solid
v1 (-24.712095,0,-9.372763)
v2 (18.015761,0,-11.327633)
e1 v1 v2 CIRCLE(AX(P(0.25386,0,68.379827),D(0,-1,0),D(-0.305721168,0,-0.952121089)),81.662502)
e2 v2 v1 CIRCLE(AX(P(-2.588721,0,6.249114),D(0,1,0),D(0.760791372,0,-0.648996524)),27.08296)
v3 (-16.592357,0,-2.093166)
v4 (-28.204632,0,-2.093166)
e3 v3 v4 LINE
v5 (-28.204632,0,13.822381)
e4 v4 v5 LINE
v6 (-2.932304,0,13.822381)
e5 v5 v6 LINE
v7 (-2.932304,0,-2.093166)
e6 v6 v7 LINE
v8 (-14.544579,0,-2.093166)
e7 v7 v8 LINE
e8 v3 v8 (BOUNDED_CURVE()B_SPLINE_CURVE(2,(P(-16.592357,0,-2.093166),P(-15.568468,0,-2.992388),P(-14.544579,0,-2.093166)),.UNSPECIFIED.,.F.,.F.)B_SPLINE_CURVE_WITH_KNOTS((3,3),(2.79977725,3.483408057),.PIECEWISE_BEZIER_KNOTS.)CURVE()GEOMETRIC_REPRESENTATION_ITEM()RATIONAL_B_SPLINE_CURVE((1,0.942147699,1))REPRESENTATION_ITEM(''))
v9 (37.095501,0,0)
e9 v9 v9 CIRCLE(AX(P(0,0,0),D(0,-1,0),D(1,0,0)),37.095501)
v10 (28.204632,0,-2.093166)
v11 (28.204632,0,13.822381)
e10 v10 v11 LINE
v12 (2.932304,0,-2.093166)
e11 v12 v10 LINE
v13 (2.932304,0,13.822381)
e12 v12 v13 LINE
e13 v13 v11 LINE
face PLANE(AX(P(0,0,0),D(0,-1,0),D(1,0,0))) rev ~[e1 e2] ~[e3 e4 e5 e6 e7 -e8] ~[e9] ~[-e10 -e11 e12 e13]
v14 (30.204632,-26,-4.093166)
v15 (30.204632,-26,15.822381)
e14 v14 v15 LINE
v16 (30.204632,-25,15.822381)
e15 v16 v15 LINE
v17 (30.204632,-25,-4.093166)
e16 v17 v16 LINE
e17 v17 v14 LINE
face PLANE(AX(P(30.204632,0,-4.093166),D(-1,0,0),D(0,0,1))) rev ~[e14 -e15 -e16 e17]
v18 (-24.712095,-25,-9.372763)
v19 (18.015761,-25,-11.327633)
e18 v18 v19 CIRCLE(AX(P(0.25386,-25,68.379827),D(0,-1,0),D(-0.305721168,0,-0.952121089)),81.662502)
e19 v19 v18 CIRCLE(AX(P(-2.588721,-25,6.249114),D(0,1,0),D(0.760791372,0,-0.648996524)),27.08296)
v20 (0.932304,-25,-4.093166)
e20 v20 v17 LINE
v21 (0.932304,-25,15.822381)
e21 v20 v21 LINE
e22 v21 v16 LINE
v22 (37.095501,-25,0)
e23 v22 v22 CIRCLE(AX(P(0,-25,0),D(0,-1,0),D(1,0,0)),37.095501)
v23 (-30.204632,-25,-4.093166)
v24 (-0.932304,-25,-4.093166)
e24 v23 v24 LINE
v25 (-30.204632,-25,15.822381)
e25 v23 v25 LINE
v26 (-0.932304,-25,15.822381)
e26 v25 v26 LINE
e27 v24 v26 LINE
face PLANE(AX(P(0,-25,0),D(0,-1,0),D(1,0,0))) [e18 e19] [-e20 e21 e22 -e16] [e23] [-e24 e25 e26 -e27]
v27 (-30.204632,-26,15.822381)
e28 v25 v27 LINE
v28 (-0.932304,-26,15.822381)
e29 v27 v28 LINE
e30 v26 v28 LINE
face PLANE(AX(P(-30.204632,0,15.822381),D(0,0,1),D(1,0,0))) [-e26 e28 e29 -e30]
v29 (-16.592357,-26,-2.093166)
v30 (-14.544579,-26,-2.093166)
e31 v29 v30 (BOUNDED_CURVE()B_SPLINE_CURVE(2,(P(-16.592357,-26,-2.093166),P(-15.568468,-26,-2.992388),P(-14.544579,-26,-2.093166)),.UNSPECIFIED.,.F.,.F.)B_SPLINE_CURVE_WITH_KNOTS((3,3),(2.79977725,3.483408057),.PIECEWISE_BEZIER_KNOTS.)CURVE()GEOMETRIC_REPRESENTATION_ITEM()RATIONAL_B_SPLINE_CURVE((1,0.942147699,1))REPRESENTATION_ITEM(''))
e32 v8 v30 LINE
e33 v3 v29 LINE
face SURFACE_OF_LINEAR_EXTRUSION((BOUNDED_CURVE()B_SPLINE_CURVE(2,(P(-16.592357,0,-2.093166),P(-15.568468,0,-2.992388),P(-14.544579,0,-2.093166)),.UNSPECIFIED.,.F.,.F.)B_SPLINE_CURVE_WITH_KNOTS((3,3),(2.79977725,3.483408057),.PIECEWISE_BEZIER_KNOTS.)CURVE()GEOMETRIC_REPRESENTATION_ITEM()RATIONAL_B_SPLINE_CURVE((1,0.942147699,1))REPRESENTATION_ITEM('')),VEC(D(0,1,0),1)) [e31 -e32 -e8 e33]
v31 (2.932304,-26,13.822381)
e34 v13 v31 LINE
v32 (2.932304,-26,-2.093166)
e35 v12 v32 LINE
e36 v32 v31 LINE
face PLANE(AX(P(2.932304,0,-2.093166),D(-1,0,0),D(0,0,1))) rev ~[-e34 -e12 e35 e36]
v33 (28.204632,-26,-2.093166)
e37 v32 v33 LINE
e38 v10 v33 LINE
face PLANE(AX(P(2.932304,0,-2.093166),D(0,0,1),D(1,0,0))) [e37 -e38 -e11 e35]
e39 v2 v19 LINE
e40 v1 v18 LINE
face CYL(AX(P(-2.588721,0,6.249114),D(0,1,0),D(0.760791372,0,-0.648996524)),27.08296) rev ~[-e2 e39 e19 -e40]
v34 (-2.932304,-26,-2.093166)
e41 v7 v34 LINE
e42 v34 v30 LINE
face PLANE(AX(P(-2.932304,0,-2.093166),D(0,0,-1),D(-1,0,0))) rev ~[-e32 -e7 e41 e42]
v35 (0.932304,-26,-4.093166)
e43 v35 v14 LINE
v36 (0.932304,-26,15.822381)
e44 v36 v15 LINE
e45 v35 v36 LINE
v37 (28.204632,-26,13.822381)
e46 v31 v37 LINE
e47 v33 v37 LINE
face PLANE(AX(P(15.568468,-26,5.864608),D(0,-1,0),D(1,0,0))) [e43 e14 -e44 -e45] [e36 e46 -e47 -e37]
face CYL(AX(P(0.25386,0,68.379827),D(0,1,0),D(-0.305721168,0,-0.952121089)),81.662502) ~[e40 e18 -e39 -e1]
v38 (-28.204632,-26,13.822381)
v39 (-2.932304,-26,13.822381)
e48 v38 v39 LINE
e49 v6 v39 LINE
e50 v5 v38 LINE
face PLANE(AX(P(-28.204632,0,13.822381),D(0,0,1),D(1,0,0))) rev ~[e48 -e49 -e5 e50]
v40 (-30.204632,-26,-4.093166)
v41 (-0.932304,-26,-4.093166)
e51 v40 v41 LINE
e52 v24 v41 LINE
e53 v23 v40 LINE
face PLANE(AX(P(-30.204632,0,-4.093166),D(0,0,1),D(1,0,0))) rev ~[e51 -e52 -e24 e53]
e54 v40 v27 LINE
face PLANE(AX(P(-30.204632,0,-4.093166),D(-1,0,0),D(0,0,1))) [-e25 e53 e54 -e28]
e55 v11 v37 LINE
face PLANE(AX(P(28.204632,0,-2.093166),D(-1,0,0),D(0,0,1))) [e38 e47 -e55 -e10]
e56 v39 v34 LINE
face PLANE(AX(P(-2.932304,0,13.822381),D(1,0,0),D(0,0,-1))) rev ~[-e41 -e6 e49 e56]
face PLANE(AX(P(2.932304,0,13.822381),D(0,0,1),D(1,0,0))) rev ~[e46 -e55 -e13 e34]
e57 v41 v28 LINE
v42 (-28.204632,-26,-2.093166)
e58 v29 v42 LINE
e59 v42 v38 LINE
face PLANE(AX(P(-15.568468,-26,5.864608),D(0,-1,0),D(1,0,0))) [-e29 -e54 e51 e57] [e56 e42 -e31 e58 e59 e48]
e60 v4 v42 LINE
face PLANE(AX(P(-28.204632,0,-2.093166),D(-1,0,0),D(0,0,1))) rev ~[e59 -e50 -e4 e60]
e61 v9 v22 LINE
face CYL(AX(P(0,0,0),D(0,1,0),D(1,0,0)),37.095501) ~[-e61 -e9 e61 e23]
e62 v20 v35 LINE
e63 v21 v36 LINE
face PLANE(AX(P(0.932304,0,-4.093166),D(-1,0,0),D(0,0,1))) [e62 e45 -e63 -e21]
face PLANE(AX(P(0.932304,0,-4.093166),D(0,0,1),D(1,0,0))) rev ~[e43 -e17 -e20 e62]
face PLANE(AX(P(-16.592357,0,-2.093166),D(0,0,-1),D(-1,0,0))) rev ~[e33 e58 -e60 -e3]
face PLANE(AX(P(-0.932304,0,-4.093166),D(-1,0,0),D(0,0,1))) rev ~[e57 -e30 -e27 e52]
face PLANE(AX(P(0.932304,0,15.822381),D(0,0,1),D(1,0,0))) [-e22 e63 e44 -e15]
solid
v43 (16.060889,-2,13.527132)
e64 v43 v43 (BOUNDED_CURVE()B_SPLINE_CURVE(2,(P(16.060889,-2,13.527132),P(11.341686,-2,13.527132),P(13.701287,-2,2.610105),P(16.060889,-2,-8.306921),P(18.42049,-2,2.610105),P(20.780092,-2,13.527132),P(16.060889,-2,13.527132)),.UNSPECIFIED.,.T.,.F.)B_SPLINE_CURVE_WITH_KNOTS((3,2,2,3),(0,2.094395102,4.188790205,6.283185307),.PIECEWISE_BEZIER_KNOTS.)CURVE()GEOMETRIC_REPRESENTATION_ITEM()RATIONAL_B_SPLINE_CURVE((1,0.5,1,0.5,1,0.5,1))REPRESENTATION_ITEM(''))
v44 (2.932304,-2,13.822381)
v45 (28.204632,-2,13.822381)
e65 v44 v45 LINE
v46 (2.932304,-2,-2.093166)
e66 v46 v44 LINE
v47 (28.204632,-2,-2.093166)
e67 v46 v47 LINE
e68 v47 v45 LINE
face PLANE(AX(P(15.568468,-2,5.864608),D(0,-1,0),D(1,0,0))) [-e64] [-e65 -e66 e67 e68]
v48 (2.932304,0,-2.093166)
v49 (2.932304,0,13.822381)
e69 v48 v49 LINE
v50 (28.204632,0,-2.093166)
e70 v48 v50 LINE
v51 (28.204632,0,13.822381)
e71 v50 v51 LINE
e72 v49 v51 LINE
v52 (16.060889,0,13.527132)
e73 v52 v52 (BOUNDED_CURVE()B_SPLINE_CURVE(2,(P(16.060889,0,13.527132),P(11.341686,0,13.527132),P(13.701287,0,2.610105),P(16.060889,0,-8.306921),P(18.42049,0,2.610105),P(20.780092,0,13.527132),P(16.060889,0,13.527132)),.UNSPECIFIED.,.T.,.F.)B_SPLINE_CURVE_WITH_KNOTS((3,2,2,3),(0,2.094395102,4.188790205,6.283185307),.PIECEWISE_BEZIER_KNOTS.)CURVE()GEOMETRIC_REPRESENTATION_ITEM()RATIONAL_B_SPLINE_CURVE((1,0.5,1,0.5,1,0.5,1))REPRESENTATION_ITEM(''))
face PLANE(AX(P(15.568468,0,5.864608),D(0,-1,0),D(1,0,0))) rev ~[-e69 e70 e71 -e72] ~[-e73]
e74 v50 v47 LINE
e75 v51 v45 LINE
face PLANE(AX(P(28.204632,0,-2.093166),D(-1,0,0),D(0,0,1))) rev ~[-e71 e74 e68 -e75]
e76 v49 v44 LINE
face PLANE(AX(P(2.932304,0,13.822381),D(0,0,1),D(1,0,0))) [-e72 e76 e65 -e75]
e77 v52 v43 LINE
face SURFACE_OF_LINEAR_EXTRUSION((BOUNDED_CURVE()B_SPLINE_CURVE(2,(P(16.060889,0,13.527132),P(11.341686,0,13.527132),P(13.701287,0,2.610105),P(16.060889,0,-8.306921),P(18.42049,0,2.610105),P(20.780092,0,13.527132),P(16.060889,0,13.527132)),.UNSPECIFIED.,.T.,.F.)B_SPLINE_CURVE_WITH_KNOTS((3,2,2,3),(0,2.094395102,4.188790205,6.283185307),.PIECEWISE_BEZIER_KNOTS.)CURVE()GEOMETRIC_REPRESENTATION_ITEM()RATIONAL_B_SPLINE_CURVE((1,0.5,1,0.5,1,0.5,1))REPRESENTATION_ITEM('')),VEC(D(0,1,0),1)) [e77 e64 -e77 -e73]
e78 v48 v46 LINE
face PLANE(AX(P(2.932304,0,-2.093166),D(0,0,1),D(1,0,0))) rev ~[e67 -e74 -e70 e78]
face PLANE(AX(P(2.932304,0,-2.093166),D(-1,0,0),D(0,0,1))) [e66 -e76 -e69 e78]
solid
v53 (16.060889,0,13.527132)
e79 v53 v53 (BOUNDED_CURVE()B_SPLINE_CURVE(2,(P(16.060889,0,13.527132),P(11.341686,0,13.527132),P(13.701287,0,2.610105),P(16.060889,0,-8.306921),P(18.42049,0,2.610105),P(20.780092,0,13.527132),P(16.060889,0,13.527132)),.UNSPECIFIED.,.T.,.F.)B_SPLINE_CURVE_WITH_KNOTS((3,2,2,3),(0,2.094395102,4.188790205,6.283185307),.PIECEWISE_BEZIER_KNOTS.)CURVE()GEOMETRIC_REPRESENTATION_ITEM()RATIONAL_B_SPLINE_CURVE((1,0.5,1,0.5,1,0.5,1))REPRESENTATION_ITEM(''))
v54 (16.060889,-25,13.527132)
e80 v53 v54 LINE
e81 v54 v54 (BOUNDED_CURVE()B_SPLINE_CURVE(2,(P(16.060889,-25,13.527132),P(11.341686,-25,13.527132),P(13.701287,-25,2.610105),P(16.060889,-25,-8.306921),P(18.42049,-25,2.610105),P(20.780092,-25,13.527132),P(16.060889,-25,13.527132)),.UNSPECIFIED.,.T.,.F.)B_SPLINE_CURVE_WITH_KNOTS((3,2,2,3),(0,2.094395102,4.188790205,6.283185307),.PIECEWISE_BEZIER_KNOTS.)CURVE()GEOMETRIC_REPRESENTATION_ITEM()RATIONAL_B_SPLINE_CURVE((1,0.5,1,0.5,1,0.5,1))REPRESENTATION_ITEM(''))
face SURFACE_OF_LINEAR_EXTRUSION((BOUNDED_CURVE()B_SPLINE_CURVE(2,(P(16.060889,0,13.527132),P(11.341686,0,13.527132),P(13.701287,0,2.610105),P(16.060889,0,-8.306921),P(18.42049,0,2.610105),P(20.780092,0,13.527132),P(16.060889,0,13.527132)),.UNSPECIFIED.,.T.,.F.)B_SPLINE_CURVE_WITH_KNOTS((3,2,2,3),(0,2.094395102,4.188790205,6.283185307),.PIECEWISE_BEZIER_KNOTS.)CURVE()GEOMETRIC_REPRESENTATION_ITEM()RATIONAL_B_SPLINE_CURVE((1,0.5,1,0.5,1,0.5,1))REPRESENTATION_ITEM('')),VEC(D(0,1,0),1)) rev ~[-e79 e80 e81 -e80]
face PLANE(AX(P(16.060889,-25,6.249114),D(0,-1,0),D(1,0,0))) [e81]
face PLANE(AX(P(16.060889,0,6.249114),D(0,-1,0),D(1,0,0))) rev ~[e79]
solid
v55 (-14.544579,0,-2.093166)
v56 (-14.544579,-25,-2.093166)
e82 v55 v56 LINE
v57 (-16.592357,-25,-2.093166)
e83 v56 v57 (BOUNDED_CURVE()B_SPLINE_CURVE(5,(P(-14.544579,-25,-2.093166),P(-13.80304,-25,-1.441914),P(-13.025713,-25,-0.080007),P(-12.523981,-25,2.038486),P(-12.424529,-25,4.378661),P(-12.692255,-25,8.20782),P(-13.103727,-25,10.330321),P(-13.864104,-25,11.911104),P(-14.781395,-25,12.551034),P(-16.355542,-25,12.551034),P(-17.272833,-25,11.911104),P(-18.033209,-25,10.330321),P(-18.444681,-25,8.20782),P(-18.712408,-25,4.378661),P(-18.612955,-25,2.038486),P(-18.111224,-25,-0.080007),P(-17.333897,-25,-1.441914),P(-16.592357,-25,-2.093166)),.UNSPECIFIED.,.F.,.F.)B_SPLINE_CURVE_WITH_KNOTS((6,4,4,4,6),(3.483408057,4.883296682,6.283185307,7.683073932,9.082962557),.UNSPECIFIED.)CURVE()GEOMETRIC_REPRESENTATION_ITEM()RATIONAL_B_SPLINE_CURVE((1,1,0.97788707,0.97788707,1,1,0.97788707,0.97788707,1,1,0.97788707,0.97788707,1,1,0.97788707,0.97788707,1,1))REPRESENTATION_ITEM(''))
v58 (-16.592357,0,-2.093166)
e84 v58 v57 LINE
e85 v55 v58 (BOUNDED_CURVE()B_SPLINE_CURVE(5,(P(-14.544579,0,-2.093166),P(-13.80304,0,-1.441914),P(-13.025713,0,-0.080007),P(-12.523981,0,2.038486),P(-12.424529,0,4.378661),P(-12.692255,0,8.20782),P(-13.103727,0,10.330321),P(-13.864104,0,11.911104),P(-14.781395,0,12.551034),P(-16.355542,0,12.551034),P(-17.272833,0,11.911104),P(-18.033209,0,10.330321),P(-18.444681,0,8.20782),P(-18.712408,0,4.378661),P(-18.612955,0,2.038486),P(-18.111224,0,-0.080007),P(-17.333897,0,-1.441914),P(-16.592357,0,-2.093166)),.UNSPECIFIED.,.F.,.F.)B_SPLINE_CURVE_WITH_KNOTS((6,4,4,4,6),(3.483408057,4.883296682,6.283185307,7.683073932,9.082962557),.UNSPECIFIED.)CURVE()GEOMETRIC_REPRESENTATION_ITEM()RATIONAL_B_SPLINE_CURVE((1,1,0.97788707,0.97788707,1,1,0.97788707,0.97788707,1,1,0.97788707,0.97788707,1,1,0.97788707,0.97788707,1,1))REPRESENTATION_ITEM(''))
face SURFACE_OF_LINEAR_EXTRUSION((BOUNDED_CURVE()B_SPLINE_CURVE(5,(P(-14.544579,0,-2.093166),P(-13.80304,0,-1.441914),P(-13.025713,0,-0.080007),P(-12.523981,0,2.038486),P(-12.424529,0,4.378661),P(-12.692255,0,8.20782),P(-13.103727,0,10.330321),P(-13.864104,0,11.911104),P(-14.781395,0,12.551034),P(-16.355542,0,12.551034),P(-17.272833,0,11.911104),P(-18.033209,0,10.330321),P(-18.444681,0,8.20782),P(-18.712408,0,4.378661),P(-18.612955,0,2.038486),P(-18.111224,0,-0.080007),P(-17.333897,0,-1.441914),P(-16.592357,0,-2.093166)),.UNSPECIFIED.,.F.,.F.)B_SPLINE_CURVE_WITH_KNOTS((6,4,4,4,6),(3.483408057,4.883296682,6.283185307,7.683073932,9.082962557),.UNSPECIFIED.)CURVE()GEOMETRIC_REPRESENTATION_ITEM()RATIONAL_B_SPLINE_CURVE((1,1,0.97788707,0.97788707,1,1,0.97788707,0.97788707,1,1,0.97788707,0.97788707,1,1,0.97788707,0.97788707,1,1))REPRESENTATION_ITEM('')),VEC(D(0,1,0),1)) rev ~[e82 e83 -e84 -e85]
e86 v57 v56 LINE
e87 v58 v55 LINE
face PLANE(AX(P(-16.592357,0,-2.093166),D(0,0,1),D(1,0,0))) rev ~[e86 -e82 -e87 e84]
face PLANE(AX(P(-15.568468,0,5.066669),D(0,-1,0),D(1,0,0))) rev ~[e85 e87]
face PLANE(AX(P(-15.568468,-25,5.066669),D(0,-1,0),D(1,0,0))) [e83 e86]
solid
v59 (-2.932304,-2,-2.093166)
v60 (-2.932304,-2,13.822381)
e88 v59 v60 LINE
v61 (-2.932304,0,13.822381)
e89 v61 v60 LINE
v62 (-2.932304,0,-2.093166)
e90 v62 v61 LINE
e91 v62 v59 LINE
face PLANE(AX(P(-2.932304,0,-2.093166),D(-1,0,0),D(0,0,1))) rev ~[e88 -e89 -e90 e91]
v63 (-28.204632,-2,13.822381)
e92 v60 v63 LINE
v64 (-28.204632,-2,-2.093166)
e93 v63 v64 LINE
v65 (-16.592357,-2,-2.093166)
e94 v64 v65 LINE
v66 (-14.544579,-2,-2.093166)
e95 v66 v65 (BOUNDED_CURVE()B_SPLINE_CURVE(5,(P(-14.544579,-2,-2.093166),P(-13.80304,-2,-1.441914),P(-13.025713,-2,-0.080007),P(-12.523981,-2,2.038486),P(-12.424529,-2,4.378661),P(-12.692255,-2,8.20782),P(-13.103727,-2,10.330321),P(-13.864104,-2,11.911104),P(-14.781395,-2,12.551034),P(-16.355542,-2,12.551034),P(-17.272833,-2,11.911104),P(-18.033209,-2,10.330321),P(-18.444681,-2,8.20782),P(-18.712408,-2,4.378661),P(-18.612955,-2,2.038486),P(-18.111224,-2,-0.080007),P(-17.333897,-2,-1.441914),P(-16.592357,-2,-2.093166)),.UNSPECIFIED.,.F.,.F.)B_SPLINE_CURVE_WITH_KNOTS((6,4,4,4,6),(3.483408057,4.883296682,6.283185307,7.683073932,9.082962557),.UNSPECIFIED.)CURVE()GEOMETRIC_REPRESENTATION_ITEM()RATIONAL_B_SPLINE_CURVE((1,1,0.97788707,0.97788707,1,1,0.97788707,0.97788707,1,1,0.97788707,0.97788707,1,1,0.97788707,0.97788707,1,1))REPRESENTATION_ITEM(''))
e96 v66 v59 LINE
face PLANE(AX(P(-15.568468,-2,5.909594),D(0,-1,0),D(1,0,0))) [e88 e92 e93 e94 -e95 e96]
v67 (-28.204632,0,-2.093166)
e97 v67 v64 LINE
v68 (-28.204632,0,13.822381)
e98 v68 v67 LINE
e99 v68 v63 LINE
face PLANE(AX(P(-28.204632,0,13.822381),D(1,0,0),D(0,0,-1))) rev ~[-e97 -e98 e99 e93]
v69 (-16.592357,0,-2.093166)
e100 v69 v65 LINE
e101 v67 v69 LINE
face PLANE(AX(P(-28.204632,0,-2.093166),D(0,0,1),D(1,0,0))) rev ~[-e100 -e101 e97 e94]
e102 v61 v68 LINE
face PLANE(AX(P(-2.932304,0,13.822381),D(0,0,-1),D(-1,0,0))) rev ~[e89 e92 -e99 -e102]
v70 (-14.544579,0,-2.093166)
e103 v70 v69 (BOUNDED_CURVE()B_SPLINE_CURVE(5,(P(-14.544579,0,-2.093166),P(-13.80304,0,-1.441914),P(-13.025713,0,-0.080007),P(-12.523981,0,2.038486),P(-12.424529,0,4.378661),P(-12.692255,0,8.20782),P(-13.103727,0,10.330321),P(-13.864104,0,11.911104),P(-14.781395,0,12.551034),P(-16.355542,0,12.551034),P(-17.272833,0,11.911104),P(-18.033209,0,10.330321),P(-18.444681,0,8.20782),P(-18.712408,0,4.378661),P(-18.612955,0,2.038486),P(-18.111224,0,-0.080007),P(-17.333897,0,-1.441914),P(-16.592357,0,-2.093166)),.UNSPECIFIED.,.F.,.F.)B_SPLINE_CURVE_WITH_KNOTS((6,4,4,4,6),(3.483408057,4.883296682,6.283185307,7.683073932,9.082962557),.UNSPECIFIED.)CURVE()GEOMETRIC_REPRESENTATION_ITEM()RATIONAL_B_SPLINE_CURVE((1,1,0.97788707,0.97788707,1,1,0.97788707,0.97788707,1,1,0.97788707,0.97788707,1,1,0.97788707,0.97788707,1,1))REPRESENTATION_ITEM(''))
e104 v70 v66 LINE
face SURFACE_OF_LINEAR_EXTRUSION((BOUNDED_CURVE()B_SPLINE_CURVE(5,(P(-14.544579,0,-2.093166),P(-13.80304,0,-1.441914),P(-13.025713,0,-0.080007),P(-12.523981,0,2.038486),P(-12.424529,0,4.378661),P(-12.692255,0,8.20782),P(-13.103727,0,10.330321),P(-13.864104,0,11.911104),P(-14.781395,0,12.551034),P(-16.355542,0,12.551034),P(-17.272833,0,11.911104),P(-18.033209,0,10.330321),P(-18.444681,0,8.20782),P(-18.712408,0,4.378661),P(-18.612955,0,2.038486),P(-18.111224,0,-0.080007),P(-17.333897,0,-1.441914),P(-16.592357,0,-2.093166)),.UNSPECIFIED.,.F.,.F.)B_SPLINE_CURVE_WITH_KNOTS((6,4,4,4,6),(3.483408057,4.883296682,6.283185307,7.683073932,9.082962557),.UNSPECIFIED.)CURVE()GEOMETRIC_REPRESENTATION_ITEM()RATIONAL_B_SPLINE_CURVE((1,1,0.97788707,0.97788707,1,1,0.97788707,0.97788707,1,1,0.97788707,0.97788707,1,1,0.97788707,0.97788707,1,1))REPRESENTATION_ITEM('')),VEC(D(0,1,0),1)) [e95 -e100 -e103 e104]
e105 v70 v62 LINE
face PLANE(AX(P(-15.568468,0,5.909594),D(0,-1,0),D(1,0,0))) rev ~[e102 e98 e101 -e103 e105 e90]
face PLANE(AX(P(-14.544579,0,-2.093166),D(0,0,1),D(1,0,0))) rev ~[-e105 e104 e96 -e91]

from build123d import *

# Parameters (mm, degrees)
F0_R     = 37.0955013876
F0_W     = 29.2723282687
F0_H     = 19.9155462906
F1_DEPTH = 25
F0_W_2   = 25.2723282687
F0_H_2   = 15.9155462906
F2_DEPTH = 26
F3_DEPTH = 25
F4_DEPTH = 2


with BuildPart() as f1:
    # F0 (on Front) → F1 (new body)
    with BuildSketch(Plane.XZ):
        Circle(F0_R)
        with BuildLine():
            ThreePointArc((18.0157609284, -11.3276327029), (-3.8265162981, -20.8055450269), (-24.7120950371, -9.3727633357))
            ThreePointArc((-24.7120950371, -9.3727633357), (-3.4784284845, -13.1973405033), (18.0157609284, -11.3276327029))
        make_face(mode=Mode.SUBTRACT)
        with Locations((-15.5684681851, 5.8646076359)):
            Rectangle(F0_W, F0_H, mode=Mode.SUBTRACT)
        with Locations((15.5684681851, 5.8646076359)):
            Rectangle(F0_W, F0_H, mode=Mode.SUBTRACT)
    extrude(amount=F1_DEPTH)

    # F0 (on Front) → F2 (join)
    with BuildSketch(Plane.XZ):
        with Locations((-15.5684681851, 5.8646076359)):
            Rectangle(F0_W, F0_H)
        with BuildLine():
            Line((-28.2046323195, -2.0931655094), (-28.2046323195, 13.8223807812))
            Line((-28.2046323195, 13.8223807812), (-2.9323040508, 13.8223807812))
            Line((-2.9323040508, 13.8223807812), (-2.9323040508, -2.0931655094))
            Line((-2.9323040508, -2.0931655094), (-14.5445793157, -2.0931655094))
            add(Edge.make_bspline(
                [(-16.5923570545, -2.0931655094), (-15.5684681851, -2.9923882857), (-14.5445793157, -2.0931655094)],
                knots=[2.7997772501, 2.7997772501, 2.7997772501, 3.4834080571, 3.4834080571, 3.4834080571], degree=2, weights=[1, 0.9421476987, 1]))
            Line((-16.5923570545, -2.0931655094), (-28.2046323195, -2.0931655094))
        make_face(mode=Mode.SUBTRACT)
        with Locations((15.5684681851, 5.8646076359)):
            Rectangle(F0_W, F0_H)
        with Locations((15.5684681851, 5.8646076359)):
            Rectangle(F0_W_2, F0_H_2, mode=Mode.SUBTRACT)
    extrude(amount=F2_DEPTH)


with BuildPart() as f3:
    # F0 (on Front) → F3 (new body)
    with BuildSketch(Plane.XZ):
        with BuildLine():
            add(Edge.make_bspline(
                [(-15.5684681851, 12.5510344729), (-18.1410138958, 12.5510344729), (-18.5785444858, 6.2932406351), (-19.0160750757, 0.0354467973), (-16.5923570545, -2.0931655094)],
                knots=[0, 0, 0, 1.3998886251, 1.3998886251, 2.7997772501, 2.7997772501, 2.7997772501], degree=2, weights=[1, 0.764878061, 1, 0.764878061, 1]))
            Line((-16.5923570545, -2.0931655094), (-14.5445793157, -2.0931655094))
            add(Edge.make_bspline(
                [(-14.5445793157, -2.0931655094), (-12.1208612946, 0.0354467973), (-12.5583918845, 6.2932406351), (-12.9959224745, 12.5510344729), (-15.5684681851, 12.5510344729)],
                knots=[3.4834080571, 3.4834080571, 3.4834080571, 4.8832966821, 4.8832966821, 6.2831853072, 6.2831853072, 6.2831853072], degree=2, weights=[1, 0.764878061, 1, 0.764878061, 1]))
        make_face()
    extrude(amount=F3_DEPTH)


with BuildPart() as f3b:
    # F0 (on Front) → F3, piece 2 (new body)
    with BuildSketch(Plane.XZ):
        with BuildLine():
            add(Edge.make_bspline(
                [(16.0608887672, 13.5271316394), (11.3416859634, 13.5271316394), (13.7012873653, 2.6101054172), (16.0608887672, -8.306920805), (18.4204901692, 2.6101054172), (20.7800915711, 13.5271316394), (16.0608887672, 13.5271316394)],
                knots=[0, 0, 0, 2.0943951024, 2.0943951024, 4.1887902048, 4.1887902048, 6.2831853072, 6.2831853072, 6.2831853072], degree=2, weights=[1, 0.5, 1, 0.5, 1, 0.5, 1]))
        make_face()
    extrude(amount=F3_DEPTH)


with BuildPart() as f4:
    # F0 (on Front) → F4 (new body)
    with BuildSketch(Plane.XZ):
        with Locations((15.5684681851, 5.8646076359)):
            Rectangle(F0_W_2, F0_H_2)
        with BuildLine():
            add(Edge.make_bspline(
                [(16.0608887672, 13.5271316394), (11.3416859634, 13.5271316394), (13.7012873653, 2.6101054172), (16.0608887672, -8.306920805), (18.4204901692, 2.6101054172), (20.7800915711, 13.5271316394), (16.0608887672, 13.5271316394)],
                knots=[0, 0, 0, 2.0943951024, 2.0943951024, 4.1887902048, 4.1887902048, 6.2831853072, 6.2831853072, 6.2831853072], degree=2, weights=[1, 0.5, 1, 0.5, 1, 0.5, 1]))
        make_face(mode=Mode.SUBTRACT)
    extrude(amount=F4_DEPTH)


with BuildPart() as f4b:
    # F0 (on Front) → F4, piece 2 (new body)
    with BuildSketch(Plane.XZ):
        with BuildLine():
            Line((-2.9323040508, 13.8223807812), (-28.2046323195, 13.8223807812))
            Line((-28.2046323195, 13.8223807812), (-28.2046323195, -2.0931655094))
            Line((-28.2046323195, -2.0931655094), (-16.5923570545, -2.0931655094))
            add(Edge.make_bspline(
                [(-15.5684681851, 12.5510344729), (-18.1410138958, 12.5510344729), (-18.5785444858, 6.2932406351), (-19.0160750757, 0.0354467973), (-16.5923570545, -2.0931655094)],
                knots=[0, 0, 0, 1.3998886251, 1.3998886251, 2.7997772501, 2.7997772501, 2.7997772501], degree=2, weights=[1, 0.764878061, 1, 0.764878061, 1]))
            add(Edge.make_bspline(
                [(-14.5445793157, -2.0931655094), (-12.1208612946, 0.0354467973), (-12.5583918845, 6.2932406351), (-12.9959224745, 12.5510344729), (-15.5684681851, 12.5510344729)],
                knots=[3.4834080571, 3.4834080571, 3.4834080571, 4.8832966821, 4.8832966821, 6.2831853072, 6.2831853072, 6.2831853072], degree=2, weights=[1, 0.764878061, 1, 0.764878061, 1]))
            Line((-14.5445793157, -2.0931655094), (-2.9323040508, -2.0931655094))
            Line((-2.9323040508, -2.0931655094), (-2.9323040508, 13.8223807812))
        make_face()
    extrude(amount=F4_DEPTH)


solid = Compound([f1.part, f3.part, f3b.part, f4.part, f4b.part])
